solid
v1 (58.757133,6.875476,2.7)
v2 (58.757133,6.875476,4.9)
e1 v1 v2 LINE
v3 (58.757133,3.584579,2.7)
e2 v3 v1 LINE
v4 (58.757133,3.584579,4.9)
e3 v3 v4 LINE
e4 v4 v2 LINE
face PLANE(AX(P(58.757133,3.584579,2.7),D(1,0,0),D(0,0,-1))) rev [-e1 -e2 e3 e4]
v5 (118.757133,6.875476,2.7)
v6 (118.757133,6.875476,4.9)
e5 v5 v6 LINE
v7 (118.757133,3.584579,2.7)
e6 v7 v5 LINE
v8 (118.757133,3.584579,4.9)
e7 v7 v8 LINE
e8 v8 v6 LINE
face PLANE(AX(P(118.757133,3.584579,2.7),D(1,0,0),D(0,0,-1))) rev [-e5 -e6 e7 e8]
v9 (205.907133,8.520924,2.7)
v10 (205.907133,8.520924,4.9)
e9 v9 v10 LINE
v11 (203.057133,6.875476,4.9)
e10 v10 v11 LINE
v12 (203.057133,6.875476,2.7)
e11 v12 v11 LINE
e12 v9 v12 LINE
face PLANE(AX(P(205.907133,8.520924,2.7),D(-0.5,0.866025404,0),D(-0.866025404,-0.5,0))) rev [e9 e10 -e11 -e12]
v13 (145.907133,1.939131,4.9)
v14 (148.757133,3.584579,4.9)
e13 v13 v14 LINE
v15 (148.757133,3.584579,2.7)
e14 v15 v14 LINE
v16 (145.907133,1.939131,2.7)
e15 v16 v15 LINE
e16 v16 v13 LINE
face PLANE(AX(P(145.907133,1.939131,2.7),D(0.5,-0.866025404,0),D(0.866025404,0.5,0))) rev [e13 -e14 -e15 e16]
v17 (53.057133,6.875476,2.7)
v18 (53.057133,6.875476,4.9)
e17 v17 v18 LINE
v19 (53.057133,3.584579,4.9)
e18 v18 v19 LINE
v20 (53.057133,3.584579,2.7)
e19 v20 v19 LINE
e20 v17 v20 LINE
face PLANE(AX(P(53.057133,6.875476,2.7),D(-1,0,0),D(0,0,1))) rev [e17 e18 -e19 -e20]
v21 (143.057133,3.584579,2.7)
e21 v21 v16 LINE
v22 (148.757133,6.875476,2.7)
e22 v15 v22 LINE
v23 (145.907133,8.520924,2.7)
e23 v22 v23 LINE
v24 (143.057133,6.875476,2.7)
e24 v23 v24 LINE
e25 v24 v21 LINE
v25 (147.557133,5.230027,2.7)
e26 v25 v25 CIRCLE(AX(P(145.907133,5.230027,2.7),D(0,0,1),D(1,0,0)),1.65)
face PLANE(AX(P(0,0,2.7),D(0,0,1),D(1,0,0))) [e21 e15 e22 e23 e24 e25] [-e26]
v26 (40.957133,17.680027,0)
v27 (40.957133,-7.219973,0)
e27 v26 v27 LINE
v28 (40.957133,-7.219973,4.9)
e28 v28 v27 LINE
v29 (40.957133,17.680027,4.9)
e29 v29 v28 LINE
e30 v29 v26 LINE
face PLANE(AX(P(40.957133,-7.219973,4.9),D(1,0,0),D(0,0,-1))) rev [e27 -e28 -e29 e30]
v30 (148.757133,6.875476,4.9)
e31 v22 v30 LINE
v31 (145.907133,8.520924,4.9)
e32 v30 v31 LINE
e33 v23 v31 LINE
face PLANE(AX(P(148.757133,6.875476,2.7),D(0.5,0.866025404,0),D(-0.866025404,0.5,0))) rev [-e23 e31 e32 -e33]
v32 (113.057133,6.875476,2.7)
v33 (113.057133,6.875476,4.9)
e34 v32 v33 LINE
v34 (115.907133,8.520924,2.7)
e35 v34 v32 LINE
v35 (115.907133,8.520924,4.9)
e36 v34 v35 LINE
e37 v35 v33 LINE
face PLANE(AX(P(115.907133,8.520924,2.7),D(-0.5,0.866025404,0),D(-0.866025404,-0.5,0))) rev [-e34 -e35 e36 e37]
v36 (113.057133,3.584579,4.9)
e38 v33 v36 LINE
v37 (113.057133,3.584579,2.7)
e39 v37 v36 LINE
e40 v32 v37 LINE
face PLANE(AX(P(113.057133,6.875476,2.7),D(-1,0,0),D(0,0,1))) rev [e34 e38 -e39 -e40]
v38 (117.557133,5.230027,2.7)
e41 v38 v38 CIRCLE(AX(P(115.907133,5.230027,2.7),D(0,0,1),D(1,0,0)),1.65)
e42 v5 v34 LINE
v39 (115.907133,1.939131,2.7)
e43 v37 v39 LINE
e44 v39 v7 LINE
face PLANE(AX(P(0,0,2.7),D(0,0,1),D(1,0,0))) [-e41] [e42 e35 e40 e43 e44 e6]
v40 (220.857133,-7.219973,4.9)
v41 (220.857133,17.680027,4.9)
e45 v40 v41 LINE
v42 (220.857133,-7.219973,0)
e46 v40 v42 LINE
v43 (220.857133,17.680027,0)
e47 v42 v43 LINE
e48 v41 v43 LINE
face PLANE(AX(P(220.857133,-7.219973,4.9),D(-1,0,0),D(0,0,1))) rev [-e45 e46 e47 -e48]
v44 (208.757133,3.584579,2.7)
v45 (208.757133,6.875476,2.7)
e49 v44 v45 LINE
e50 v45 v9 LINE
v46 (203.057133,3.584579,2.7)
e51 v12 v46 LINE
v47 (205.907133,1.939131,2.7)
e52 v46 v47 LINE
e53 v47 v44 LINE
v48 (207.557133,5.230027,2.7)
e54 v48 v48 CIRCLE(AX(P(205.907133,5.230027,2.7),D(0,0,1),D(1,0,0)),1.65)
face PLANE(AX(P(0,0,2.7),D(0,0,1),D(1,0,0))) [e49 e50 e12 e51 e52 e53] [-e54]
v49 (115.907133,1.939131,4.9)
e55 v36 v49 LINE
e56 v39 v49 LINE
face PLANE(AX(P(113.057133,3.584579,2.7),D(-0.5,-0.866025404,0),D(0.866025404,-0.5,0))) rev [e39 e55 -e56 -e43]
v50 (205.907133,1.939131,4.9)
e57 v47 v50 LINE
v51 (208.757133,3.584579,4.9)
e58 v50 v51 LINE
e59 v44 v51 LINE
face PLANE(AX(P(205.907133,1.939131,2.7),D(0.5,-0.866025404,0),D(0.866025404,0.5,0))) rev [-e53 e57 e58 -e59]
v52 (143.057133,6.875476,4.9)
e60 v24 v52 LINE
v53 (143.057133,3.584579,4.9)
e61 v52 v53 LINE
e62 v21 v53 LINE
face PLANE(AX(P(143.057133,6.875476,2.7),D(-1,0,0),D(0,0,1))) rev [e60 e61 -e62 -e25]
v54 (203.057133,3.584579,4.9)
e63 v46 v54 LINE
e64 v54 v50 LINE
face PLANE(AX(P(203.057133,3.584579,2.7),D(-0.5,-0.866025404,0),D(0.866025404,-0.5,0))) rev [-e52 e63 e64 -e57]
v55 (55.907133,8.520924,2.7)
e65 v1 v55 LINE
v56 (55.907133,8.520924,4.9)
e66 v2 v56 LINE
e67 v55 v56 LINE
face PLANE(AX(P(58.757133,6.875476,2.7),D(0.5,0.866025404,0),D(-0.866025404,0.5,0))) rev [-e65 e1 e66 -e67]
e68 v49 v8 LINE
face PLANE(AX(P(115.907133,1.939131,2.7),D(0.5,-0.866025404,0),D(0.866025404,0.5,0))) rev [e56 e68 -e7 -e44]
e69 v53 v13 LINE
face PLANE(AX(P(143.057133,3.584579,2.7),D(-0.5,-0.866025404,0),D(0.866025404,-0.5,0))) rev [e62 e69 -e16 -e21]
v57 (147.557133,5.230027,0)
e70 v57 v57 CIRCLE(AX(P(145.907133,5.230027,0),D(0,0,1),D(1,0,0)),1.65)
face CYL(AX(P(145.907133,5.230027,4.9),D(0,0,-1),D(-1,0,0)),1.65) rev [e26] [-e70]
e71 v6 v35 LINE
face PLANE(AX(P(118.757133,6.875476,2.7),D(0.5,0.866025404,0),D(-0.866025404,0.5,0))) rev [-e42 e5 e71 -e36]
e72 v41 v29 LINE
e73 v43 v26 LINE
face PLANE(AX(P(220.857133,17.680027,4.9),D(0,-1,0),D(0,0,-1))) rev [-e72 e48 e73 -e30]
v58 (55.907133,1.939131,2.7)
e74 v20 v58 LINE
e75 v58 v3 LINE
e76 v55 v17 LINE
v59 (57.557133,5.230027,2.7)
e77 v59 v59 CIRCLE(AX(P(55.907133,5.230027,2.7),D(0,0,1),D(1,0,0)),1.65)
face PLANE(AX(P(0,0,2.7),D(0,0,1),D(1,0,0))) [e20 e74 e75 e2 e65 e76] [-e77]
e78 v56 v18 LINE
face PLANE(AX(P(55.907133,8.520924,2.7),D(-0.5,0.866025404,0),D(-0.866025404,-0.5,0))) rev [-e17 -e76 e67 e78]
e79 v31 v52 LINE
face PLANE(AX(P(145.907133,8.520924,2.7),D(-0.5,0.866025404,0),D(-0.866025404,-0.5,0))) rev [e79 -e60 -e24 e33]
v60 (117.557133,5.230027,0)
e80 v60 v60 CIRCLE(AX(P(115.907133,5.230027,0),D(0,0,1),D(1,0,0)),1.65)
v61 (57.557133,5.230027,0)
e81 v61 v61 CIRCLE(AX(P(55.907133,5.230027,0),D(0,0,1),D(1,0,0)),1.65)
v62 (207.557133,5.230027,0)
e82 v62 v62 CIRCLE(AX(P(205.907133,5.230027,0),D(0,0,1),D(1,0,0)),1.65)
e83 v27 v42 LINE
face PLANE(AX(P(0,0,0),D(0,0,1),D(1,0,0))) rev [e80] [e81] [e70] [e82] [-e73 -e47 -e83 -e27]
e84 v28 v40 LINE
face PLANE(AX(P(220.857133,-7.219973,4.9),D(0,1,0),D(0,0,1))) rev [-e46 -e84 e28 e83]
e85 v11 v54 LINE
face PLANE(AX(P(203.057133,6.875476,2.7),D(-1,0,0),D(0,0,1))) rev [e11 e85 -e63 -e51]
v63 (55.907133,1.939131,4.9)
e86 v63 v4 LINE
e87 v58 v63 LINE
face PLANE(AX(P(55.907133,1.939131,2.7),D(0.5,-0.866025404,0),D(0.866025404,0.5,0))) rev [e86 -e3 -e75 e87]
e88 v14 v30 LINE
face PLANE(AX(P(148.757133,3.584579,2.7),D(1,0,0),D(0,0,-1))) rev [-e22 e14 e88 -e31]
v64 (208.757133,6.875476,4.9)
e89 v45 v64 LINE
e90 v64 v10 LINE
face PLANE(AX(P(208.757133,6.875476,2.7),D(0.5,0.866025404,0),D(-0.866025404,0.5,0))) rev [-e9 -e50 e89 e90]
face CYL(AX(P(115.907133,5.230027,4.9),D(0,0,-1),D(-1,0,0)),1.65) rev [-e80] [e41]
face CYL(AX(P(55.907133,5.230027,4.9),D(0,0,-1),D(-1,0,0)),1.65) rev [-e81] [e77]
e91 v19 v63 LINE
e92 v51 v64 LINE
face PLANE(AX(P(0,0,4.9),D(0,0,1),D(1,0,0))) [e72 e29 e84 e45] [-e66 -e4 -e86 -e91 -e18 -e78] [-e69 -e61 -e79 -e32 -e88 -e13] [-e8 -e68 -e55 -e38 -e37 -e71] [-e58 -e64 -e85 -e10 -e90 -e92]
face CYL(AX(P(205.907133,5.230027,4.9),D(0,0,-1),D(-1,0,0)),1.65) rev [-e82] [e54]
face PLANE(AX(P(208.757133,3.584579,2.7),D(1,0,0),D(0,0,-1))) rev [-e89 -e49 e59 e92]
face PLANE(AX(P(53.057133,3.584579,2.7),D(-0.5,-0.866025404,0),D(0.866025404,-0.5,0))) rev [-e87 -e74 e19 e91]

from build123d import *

# Parameters (mm, degrees)
SKETCH1_W           = 179.9
SKETCH1_H           = 24.9
SKETCH1_R           = 1.65
BOSS_EXTRUDE1_DEPTH = 4.9
CUT_EXTRUDE1_DEPTH  = 2.2


with BuildPart() as part:
    # Sketch1 → Boss-Extrude1 (new body)
    with BuildSketch(Plane.XY):
        with Locations((130.907132516, 5.230027325)):
            Rectangle(SKETCH1_W, SKETCH1_H)
        with Locations((205.907132516, 5.230027325)):
            Circle(SKETCH1_R, mode=Mode.SUBTRACT)
        with Locations((145.907132516, 5.230027325)):
            Circle(SKETCH1_R, mode=Mode.SUBTRACT)
        with Locations((115.907132516, 5.230027325)):
            Circle(SKETCH1_R, mode=Mode.SUBTRACT)
        with Locations((55.907132516, 5.230027325)):
            Circle(SKETCH1_R, mode=Mode.SUBTRACT)
    extrude(amount=BOSS_EXTRUDE1_DEPTH)

    # Sketch2 → Cut-Extrude1 (cut)
    with BuildSketch(Plane.XY.offset(4.9)):
        Polygon((58.757132516, 3.584579057), (58.757132516, 6.875475592), (55.907132516, 8.520923859), (53.057132516, 6.875475592), (53.057132516, 3.584579057), (55.907132516, 1.93913079), align=None)
        Polygon((118.757132516, 3.584579057), (118.757132516, 6.875475592), (115.907132516, 8.520923859), (113.057132516, 6.875475592), (113.057132516, 3.584579057), (115.907132516, 1.93913079), align=None)
        Polygon((148.757132516, 3.584579057), (148.757132516, 6.875475592), (145.907132516, 8.520923859), (143.057132516, 6.875475592), (143.057132516, 3.584579057), (145.907132516, 1.93913079), align=None)
        Polygon((208.757132516, 3.584579057), (208.757132516, 6.875475592), (205.907132516, 8.520923859), (203.057132516, 6.875475592), (203.057132516, 3.584579057), (205.907132516, 1.93913079), align=None)
    extrude(amount=-CUT_EXTRUDE1_DEPTH, mode=Mode.SUBTRACT)


solid = part.part
